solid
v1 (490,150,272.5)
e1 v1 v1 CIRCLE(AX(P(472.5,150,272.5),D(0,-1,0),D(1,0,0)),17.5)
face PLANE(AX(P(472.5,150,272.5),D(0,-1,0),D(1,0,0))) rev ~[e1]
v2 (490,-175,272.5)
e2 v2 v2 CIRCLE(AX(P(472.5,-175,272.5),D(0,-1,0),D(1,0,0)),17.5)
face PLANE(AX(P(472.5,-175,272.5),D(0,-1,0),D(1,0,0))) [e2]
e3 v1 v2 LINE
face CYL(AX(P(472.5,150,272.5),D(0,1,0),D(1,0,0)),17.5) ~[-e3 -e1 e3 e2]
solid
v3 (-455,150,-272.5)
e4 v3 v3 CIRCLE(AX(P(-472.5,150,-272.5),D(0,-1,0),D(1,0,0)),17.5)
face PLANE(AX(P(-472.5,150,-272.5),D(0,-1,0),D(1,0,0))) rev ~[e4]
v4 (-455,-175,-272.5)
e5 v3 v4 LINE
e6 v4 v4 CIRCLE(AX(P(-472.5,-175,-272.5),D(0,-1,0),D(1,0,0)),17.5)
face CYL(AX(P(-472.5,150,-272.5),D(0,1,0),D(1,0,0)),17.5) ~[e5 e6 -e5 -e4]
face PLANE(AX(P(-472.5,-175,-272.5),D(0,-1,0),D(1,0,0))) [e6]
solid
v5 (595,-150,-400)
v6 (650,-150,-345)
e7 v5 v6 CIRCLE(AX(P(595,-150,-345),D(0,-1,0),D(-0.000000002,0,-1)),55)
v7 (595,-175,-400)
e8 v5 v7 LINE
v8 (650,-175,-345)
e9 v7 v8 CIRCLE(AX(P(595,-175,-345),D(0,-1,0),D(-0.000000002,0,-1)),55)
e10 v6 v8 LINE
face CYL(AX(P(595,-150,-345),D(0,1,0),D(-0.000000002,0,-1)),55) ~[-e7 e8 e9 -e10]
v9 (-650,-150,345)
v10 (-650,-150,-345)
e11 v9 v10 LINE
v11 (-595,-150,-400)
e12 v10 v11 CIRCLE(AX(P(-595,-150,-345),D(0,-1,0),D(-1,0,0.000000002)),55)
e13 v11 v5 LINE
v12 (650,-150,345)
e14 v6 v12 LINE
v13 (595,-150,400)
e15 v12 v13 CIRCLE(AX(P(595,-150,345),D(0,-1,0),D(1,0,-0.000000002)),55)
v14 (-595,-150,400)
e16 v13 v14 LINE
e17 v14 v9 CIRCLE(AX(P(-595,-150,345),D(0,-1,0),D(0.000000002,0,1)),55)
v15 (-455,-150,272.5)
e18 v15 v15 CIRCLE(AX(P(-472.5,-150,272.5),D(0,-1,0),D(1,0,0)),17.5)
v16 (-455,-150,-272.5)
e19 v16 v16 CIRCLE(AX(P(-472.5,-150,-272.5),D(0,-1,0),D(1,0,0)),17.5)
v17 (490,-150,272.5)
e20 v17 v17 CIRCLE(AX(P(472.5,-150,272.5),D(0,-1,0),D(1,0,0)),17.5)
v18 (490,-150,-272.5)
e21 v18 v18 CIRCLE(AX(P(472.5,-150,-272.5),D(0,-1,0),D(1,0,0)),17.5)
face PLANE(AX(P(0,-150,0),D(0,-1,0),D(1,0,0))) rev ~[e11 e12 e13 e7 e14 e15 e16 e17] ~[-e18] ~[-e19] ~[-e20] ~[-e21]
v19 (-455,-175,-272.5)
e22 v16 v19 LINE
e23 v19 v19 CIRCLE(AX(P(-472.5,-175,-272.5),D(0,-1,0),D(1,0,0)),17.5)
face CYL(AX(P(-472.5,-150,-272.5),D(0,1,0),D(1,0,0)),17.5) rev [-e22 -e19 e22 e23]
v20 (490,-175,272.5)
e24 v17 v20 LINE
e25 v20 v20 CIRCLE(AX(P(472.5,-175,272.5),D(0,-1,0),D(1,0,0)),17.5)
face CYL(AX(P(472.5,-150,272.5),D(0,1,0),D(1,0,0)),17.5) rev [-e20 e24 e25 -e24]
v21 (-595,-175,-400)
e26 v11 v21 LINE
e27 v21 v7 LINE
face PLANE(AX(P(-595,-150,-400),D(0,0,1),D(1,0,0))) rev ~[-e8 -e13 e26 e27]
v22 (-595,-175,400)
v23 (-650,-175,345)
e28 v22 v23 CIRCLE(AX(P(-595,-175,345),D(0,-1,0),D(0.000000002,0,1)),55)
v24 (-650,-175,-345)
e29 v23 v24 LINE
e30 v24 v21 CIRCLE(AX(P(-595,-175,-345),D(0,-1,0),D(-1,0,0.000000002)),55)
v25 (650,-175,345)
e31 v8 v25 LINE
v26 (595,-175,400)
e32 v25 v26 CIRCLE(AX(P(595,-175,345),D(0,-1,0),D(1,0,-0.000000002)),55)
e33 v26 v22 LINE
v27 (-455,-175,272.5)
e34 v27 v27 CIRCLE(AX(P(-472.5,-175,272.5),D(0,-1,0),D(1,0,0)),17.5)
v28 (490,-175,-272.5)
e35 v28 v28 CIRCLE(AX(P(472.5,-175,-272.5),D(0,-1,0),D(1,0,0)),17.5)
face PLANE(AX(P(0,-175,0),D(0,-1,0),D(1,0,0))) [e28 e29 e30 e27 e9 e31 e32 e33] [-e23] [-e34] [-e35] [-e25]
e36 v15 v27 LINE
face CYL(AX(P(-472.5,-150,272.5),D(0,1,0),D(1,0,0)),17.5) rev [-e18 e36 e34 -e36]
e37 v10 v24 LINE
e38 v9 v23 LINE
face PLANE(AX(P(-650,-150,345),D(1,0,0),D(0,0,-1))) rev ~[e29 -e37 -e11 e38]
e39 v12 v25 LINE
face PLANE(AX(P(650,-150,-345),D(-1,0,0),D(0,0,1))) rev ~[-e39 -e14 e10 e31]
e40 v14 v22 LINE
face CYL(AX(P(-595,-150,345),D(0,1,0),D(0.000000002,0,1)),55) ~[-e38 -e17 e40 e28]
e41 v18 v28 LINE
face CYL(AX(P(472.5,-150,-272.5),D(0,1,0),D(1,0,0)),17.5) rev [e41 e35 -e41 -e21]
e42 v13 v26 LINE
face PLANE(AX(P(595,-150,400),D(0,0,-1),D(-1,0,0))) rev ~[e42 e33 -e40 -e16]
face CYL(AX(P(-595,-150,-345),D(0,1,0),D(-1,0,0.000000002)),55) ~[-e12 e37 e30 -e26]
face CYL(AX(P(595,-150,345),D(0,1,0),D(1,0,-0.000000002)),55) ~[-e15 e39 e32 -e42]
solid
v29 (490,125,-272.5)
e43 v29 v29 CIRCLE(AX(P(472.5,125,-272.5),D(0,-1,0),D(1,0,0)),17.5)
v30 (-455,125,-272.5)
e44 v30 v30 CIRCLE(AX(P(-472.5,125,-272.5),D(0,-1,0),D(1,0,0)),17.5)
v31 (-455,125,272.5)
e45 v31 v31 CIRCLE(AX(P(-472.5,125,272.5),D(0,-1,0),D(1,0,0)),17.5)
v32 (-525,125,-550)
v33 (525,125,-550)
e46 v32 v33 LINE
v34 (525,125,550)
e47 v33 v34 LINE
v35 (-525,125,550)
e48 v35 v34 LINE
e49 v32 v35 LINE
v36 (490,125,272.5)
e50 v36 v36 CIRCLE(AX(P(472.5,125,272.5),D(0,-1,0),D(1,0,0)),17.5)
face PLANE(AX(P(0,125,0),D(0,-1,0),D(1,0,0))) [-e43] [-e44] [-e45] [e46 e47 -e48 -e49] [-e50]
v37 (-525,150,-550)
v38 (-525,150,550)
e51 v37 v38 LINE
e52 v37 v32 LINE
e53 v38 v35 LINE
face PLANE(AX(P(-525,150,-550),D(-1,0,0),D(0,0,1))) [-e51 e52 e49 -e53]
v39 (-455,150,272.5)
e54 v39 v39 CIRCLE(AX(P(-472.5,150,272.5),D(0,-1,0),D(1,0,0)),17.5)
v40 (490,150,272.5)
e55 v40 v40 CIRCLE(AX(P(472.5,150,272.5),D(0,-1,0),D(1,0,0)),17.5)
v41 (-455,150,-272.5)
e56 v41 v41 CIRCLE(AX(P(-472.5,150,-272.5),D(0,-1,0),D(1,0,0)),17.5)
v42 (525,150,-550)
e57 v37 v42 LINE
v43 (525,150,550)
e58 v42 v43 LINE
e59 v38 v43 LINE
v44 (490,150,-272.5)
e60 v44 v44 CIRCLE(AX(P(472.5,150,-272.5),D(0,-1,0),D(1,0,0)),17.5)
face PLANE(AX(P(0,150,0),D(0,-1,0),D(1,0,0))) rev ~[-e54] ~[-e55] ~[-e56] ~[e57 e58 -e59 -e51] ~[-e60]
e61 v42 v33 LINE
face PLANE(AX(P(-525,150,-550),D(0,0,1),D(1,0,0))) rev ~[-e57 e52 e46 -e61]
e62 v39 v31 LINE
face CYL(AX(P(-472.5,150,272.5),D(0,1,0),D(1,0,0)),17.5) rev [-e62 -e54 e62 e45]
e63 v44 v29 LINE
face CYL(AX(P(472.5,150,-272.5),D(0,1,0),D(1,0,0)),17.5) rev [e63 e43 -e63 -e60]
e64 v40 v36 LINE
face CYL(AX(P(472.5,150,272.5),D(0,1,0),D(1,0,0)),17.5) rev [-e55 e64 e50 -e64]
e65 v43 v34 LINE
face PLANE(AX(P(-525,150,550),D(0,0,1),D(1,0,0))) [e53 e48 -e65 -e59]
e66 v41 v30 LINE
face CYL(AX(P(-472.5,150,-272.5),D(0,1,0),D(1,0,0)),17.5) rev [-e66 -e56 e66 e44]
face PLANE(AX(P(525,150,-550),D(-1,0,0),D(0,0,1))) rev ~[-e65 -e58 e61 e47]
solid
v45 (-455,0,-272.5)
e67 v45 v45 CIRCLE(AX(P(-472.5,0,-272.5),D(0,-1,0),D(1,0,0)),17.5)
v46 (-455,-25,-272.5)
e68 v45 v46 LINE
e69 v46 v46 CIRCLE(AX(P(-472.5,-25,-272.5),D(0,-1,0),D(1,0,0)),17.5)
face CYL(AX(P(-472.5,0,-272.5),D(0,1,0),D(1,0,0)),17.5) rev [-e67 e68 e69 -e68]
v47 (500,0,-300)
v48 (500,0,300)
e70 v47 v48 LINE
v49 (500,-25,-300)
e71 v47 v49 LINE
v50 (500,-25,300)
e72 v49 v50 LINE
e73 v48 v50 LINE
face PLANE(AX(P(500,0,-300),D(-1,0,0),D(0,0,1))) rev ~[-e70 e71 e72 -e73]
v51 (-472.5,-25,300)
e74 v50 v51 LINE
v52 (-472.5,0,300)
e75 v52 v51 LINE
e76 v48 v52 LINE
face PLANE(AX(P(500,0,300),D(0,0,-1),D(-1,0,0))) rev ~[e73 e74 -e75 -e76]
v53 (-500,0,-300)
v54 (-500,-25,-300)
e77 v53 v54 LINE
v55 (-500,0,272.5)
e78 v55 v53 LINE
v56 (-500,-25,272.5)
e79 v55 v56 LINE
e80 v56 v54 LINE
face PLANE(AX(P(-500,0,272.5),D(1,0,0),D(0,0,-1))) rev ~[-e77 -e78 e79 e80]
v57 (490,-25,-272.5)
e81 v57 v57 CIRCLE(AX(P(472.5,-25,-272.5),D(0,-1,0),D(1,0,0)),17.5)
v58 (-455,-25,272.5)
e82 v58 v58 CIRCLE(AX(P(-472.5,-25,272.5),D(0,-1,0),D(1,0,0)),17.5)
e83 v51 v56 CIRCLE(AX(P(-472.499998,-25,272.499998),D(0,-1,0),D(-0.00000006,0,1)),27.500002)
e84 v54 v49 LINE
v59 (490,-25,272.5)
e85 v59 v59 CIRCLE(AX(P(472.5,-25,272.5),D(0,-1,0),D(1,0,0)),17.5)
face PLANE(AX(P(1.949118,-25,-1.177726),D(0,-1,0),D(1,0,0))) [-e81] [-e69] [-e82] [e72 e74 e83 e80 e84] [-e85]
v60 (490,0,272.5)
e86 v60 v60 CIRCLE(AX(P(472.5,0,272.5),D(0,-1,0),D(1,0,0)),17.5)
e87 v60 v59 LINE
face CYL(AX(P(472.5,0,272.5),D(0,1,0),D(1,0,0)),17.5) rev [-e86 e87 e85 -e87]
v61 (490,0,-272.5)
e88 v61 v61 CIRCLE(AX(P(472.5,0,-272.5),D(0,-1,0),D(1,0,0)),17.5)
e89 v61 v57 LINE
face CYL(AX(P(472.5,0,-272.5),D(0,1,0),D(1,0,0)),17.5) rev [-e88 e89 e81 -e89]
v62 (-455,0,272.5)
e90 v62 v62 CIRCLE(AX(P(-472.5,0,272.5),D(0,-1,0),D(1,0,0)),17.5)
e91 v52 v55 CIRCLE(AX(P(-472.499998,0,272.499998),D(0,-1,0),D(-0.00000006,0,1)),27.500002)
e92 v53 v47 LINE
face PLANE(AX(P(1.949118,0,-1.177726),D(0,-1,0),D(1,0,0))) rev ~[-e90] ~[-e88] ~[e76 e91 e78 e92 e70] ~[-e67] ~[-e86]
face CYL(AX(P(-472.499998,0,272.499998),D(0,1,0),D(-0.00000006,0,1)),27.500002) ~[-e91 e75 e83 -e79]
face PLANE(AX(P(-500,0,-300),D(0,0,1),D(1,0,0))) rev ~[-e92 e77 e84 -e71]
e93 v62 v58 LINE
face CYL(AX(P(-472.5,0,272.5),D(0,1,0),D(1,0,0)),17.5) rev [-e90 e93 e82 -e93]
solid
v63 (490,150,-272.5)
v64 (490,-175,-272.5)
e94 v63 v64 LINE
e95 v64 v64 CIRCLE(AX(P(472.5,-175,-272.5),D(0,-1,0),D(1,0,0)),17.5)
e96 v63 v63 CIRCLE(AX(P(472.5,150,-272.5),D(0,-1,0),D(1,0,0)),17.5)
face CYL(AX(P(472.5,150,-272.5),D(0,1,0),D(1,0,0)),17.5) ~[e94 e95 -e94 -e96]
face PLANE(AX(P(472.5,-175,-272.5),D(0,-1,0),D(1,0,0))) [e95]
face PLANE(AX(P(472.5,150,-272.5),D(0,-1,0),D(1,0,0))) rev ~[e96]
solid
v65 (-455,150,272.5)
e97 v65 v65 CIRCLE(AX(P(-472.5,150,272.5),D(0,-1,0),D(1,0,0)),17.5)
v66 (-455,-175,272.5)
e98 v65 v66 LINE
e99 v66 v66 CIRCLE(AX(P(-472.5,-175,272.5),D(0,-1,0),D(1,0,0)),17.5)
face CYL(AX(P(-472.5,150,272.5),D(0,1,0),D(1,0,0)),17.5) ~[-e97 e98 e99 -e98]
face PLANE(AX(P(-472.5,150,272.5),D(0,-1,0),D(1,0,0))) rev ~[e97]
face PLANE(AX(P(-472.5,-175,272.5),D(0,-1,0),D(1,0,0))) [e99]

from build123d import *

# Parameters (mm, degrees)
F0_R     = 17.5
F1_DEPTH = 25
F3_R     = 17.5
F4_DEPTH = 25
F6_W     = 1050
F6_H     = 1100
F6_R     = 17.5
F7_DEPTH = 25
F8_R     = 17.5
F9_DEPTH = 325


with BuildPart() as f1:
    # F0 (on Front) → F1 (new body)
    with BuildSketch(Plane.XZ):
        with BuildLine():
            Line((-500, -300), (500, -300))
            Line((500, -300), (500, 300))
            Line((500, 300), (-472.5, 300))
            ThreePointArc((-472.5, 300), (-491.945436, 291.945436), (-500, 272.5))
            Line((-500, 272.5), (-500, -300))
        make_face()
        with Locations((-472.5, -272.5)):
            Circle(F0_R, mode=Mode.SUBTRACT)
        with Locations((472.5, -272.5)):
            Circle(F0_R, mode=Mode.SUBTRACT)
        with Locations((-472.5, 272.5)):
            Circle(F0_R, mode=Mode.SUBTRACT)
        with Locations((472.5, 272.5)):
            Circle(F0_R, mode=Mode.SUBTRACT)
    extrude(amount=F1_DEPTH)


with BuildPart() as f4:
    # F3 (on offset) → F4 (new body)
    with BuildSketch(Plane.XZ.offset(150)):
        with BuildLine():
            Line((-595, -400), (595, -400))
            ThreePointArc((595, -400), (633.890873, -383.890873), (650, -345))
            Line((650, -345), (650, 345))
            ThreePointArc((650, 345), (633.890873, 383.890873), (595, 400))
            Line((595, 400), (-595, 400))
            ThreePointArc((-595, 400), (-633.890873, 383.890873), (-650, 345))
            Line((-650, 345), (-650, -345))
            ThreePointArc((-650, -345), (-633.890873, -383.890873), (-595, -400))
        make_face()
        with Locations((-472.5, -272.5)):
            Circle(F3_R, mode=Mode.SUBTRACT)
        with Locations((472.5, -272.5)):
            Circle(F3_R, mode=Mode.SUBTRACT)
        with Locations((-472.5, 272.5)):
            Circle(F3_R, mode=Mode.SUBTRACT)
        with Locations((472.5, 272.5)):
            Circle(F3_R, mode=Mode.SUBTRACT)
    extrude(amount=F4_DEPTH)


with BuildPart() as f7:
    # F6 (on offset) → F7 (new body)
    with BuildSketch(Plane.XZ.offset(-150)):
        Rectangle(F6_W, F6_H)
        with Locations((-472.5, -272.5)):
            Circle(F6_R, mode=Mode.SUBTRACT)
        with Locations((472.5, -272.5)):
            Circle(F6_R, mode=Mode.SUBTRACT)
        with Locations((-472.5, 272.5)):
            Circle(F6_R, mode=Mode.SUBTRACT)
        with Locations((472.5, 272.5)):
            Circle(F6_R, mode=Mode.SUBTRACT)
    extrude(amount=F7_DEPTH)


with BuildPart() as f9:
    # F8 (on offset) → F9 (new body, through all)
    with BuildSketch(Plane.XZ.offset(-150)):
        with Locations((-472.5, 272.5)):
            Circle(F8_R)
        with Locations((-472.5, -272.5)):
            Circle(F8_R)
        with Locations((472.5, -272.5)):
            Circle(F8_R)
        with Locations((472.5, 272.5)):
            Circle(F8_R)
    extrude(amount=F9_DEPTH)


solid = Compound([f1.part, f4.part, f7.part, f9.part])
